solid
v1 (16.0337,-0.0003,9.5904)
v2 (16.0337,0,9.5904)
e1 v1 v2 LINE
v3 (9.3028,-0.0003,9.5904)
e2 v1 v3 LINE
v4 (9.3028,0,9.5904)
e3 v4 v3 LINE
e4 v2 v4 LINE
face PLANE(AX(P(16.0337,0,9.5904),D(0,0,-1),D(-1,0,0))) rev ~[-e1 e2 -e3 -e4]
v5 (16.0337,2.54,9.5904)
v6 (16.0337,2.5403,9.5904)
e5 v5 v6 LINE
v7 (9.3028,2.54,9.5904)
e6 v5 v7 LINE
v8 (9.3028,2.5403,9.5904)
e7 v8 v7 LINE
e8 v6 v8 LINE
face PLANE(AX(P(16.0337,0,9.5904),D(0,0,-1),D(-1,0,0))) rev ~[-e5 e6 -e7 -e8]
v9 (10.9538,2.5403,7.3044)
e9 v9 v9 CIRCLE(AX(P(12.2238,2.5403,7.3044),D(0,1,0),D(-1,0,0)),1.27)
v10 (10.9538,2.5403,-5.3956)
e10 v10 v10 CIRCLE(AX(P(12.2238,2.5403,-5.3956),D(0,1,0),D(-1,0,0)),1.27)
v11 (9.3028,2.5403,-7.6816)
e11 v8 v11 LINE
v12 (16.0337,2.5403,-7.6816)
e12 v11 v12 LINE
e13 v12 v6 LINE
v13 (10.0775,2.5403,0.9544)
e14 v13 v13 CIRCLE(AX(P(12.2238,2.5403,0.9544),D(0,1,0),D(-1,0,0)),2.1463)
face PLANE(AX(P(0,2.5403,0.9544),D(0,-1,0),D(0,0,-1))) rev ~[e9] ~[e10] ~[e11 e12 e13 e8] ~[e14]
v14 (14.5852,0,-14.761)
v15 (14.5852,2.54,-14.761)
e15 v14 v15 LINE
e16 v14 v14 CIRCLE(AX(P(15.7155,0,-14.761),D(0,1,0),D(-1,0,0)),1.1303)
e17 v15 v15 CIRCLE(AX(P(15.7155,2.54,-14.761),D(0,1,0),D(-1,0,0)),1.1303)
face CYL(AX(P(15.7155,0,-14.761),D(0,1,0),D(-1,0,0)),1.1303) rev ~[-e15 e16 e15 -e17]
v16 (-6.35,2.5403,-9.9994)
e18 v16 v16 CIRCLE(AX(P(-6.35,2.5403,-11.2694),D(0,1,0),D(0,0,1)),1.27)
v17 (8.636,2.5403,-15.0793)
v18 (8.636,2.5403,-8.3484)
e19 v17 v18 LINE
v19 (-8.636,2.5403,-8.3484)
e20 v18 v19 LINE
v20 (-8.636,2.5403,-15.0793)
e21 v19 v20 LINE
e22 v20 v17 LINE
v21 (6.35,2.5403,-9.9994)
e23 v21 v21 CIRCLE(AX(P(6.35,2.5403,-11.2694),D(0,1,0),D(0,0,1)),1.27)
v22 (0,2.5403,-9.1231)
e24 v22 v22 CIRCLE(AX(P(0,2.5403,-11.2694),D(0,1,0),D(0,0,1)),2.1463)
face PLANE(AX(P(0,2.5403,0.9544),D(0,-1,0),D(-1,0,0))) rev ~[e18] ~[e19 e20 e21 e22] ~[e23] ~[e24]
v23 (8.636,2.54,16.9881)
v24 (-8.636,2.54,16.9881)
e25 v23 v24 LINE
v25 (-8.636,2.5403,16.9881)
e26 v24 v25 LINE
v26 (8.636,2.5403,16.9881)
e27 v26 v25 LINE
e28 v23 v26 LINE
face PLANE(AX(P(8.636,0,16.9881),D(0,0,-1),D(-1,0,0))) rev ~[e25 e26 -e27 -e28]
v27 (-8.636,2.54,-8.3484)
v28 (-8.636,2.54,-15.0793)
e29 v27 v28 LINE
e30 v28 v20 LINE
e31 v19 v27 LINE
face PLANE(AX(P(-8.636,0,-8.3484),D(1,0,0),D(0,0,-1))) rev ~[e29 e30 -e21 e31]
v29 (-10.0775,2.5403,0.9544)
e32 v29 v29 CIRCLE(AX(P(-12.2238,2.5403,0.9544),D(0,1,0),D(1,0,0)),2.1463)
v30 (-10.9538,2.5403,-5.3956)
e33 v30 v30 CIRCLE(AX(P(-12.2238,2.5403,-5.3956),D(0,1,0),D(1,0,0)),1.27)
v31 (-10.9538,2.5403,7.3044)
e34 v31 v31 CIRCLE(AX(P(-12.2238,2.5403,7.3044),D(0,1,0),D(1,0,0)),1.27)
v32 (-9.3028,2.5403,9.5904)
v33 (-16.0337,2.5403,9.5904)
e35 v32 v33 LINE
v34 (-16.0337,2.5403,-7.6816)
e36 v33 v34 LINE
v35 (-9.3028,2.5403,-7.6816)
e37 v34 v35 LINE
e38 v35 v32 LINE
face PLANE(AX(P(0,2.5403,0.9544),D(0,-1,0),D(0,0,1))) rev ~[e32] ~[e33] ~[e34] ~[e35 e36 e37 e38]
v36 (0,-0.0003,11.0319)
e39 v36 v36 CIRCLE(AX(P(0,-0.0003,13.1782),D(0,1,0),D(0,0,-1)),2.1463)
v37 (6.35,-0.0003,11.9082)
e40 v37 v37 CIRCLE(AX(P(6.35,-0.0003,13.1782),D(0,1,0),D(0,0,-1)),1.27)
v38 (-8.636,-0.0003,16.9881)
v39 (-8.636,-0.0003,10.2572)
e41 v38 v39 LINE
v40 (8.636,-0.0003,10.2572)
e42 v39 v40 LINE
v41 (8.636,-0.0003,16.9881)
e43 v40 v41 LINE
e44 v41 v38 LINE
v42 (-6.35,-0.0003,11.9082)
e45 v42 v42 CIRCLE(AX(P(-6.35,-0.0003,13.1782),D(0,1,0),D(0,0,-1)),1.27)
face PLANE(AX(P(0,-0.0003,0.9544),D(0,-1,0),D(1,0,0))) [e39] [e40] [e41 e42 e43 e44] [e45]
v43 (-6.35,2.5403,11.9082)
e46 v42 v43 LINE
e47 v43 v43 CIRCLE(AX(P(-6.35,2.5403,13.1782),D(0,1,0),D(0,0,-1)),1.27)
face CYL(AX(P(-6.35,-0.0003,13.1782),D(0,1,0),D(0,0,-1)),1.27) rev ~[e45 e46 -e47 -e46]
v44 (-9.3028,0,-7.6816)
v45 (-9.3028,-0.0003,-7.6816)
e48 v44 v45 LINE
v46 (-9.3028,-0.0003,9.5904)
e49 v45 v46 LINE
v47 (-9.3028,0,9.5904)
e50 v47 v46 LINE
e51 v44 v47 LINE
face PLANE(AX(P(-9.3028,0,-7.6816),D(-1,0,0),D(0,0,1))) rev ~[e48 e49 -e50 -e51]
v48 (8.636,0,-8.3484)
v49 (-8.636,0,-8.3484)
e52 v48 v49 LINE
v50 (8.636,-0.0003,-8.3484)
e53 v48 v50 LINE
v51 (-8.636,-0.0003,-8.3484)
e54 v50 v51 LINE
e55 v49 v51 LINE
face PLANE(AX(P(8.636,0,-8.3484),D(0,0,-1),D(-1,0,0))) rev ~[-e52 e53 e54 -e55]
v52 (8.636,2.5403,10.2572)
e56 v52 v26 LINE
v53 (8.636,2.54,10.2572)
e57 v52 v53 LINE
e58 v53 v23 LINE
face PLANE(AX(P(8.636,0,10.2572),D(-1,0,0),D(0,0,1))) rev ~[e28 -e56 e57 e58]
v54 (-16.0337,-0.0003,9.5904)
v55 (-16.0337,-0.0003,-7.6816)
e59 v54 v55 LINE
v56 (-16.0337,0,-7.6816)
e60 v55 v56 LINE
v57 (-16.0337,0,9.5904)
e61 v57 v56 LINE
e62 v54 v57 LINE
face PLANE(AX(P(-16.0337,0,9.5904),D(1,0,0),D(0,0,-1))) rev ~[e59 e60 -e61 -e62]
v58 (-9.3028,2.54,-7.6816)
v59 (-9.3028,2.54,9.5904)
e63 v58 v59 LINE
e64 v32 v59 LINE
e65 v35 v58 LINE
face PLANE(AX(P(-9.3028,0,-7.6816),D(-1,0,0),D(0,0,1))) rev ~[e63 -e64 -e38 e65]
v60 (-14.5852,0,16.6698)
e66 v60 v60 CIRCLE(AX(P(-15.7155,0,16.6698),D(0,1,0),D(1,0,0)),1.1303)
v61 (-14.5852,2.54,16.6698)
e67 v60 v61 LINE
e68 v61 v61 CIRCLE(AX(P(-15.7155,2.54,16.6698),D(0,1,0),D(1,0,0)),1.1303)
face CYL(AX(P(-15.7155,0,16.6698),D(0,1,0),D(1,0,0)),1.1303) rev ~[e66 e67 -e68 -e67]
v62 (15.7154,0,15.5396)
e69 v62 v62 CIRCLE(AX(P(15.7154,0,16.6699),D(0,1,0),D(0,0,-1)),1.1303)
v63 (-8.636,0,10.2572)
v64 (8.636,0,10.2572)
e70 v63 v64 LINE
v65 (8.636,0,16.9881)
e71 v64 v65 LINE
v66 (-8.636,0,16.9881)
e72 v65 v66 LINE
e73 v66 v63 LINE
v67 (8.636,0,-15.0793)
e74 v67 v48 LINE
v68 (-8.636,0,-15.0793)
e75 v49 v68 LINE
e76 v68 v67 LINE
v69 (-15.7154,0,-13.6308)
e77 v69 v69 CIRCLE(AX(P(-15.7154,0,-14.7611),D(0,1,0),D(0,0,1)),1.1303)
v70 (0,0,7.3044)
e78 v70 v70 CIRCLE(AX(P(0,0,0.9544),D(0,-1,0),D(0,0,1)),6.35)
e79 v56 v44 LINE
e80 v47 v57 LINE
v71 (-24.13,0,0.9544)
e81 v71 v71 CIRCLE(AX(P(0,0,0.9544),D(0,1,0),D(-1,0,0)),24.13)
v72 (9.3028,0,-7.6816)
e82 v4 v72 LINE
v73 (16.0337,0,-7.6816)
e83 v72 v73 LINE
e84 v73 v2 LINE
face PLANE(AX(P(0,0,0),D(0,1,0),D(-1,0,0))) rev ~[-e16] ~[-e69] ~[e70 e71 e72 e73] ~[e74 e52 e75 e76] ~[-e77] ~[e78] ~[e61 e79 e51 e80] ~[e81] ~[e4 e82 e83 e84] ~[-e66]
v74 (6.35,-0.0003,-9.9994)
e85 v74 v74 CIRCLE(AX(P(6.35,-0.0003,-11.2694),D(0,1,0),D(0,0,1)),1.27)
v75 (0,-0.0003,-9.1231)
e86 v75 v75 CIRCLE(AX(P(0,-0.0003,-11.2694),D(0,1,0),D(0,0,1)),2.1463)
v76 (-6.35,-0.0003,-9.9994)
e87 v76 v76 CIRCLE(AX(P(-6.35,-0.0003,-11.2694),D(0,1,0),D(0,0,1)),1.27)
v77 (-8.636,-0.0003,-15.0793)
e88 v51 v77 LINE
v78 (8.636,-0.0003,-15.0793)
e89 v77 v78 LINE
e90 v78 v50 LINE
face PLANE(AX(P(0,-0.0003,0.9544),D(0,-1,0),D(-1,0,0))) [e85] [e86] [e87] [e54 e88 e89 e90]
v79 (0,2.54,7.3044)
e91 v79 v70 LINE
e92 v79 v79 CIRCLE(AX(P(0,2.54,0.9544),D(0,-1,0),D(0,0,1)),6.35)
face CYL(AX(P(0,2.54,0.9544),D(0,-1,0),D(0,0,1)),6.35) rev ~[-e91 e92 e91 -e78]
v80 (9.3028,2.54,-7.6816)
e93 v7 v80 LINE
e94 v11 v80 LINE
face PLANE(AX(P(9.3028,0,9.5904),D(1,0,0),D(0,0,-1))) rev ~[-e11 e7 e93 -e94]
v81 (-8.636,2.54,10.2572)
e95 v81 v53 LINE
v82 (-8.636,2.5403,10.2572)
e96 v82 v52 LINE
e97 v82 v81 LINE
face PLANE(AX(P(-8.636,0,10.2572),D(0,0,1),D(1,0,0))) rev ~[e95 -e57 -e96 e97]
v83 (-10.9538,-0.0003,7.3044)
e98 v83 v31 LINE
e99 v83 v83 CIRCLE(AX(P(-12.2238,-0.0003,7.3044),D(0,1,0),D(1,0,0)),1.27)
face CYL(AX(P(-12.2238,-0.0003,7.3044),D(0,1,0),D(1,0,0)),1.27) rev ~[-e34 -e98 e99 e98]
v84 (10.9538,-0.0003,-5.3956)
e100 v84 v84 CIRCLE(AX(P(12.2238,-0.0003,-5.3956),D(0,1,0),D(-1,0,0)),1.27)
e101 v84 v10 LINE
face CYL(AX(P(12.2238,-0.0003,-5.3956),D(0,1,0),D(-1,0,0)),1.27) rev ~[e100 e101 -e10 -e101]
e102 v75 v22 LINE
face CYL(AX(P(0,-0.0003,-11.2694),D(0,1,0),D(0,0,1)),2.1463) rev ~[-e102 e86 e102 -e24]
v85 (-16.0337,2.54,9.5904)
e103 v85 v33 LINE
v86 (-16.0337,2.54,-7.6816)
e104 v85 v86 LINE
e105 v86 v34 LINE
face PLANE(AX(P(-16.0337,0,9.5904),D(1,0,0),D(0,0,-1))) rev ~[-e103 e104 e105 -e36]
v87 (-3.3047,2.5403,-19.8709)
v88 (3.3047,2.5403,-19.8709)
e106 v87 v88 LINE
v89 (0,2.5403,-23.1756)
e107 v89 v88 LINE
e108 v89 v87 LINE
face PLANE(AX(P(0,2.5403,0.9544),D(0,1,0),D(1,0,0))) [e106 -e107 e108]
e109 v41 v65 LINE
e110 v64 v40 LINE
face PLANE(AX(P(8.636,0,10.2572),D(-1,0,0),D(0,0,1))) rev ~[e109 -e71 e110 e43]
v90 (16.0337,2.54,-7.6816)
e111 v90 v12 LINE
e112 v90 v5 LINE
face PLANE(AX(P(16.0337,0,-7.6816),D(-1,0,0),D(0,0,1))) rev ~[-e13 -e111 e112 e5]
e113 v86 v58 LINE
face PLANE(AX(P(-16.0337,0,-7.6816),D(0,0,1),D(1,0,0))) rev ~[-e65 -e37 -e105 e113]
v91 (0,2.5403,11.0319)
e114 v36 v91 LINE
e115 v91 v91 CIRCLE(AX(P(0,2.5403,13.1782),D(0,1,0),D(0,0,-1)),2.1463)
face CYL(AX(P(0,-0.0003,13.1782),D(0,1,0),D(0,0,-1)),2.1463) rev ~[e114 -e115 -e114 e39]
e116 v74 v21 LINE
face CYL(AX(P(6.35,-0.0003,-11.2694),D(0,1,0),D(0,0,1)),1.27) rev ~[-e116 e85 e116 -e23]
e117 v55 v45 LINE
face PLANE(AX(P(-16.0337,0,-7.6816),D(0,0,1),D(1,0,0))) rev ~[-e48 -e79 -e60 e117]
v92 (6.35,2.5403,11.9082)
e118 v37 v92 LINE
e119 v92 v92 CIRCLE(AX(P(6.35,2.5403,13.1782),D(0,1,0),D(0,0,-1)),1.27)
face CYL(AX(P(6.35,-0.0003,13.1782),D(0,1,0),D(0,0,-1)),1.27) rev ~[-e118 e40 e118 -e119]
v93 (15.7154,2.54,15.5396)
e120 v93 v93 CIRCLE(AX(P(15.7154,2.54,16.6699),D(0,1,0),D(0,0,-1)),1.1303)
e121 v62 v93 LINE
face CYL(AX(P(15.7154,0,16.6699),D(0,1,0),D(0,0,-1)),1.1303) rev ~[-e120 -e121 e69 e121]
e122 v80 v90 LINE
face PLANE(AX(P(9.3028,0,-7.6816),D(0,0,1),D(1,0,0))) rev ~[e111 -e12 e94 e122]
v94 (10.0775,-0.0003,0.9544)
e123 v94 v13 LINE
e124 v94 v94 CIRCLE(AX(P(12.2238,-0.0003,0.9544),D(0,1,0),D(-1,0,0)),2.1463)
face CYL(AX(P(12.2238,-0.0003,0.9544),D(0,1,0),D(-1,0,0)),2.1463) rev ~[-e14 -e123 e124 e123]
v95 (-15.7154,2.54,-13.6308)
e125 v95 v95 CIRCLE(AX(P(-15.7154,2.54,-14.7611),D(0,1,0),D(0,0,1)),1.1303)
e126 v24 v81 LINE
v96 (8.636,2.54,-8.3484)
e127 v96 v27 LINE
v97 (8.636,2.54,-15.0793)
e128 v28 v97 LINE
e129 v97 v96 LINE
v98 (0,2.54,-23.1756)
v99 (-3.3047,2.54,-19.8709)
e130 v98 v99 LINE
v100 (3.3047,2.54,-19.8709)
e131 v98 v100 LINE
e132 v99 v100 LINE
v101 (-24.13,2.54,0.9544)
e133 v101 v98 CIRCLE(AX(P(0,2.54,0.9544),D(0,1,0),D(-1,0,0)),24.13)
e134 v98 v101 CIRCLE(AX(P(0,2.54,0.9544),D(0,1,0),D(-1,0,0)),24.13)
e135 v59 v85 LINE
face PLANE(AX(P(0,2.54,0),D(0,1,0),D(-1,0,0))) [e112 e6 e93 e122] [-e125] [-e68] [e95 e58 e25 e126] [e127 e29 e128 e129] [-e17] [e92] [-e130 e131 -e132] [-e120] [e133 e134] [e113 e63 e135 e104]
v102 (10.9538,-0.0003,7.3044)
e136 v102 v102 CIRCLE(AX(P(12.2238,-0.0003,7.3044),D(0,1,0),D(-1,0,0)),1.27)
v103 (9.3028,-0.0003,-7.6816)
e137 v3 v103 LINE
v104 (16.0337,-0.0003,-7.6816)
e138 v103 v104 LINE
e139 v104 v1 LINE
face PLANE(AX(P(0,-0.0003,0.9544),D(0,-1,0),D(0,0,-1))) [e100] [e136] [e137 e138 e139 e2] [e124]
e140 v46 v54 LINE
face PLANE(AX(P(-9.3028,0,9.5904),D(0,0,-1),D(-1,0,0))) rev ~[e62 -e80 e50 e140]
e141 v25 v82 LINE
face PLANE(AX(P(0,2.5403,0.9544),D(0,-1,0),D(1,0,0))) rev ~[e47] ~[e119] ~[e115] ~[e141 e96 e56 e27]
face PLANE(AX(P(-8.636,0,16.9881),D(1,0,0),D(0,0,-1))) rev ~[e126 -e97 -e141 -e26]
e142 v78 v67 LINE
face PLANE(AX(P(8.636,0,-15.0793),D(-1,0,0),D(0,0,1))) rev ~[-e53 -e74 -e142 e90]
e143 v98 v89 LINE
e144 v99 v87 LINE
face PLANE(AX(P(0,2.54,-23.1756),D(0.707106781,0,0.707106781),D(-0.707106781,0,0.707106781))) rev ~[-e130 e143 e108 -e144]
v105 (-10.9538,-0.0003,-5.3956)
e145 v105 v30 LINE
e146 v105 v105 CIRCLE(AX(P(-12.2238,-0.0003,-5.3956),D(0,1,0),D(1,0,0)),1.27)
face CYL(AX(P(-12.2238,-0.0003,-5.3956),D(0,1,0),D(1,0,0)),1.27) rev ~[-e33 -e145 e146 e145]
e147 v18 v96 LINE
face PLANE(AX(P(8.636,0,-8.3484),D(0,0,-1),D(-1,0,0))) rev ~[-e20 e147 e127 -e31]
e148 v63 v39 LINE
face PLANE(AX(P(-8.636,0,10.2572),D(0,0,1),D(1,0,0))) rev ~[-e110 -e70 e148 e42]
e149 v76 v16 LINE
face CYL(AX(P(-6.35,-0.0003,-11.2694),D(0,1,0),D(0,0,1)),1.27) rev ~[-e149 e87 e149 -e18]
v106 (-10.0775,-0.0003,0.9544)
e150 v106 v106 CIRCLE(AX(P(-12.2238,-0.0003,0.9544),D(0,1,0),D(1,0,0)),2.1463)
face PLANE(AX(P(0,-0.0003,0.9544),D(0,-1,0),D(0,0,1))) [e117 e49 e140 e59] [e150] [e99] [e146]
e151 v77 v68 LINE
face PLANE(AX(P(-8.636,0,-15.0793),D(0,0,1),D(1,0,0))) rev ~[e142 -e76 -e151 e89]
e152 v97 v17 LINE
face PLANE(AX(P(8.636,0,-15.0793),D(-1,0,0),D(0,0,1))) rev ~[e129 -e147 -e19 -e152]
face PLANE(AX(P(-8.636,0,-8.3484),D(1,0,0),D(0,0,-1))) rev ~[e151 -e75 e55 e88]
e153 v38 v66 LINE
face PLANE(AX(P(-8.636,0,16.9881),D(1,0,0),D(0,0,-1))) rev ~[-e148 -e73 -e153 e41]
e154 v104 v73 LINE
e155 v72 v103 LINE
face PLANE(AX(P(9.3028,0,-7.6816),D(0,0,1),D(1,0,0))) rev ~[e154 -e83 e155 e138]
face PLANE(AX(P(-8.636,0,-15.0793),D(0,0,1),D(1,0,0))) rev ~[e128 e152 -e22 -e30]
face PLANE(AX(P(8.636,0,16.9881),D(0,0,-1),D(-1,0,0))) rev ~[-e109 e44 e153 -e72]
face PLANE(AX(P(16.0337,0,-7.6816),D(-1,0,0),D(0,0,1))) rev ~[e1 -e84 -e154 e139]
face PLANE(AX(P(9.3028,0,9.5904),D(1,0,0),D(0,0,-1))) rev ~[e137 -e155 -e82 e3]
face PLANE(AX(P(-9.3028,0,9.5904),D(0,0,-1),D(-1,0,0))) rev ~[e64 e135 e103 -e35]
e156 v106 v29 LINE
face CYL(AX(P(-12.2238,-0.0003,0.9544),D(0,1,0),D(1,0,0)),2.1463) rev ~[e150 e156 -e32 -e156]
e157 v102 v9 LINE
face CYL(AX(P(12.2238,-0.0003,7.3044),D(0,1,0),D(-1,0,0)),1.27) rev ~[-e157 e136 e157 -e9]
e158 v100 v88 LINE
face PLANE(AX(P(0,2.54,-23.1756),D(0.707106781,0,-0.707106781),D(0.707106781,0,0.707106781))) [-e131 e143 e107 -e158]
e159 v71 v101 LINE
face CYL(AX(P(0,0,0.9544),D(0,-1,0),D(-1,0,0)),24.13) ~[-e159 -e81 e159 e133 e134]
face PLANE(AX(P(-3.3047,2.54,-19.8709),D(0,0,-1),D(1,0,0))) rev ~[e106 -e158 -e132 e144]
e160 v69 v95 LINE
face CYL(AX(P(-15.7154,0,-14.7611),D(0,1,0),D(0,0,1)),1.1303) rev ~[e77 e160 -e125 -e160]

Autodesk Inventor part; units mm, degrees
ref_plane "YZ Plane" through (0, 0, 0) normal (1, 0, 0) x (0, 1, 0)
ref_plane "XZ Plane" through (0, 0, 0) normal (0, 1, 0) x (-1, 0, 0)
ref_plane "XY Plane" through (0, 0, 0) normal (0, 0, 1) x (1, 0, 0)
sketch "Sketch1" plane through (0, 0, 0) normal (0, 1, 0) x (-1, 0, 0)
  circle A0 centre (0, 0.9544) radius 24.13
  point P0 (0, 0)
  dimension "d0" = 48.26
extrude "Extrusion1" add sketch "Sketch1" along normal blind 2.54
sketch "Sketch2" plane through (0, 0, 0.9544) normal (0, -1, 0) x (1, 0, 0)
  circle A0 centre (0, 0) radius 24.13 projected
  line L0 (-8.636, 9.3028) -> (8.636, 9.3028)
  line L1 (8.636, 9.3028) -> (8.636, 16.0337)
  line L2 (8.636, 16.0337) -> (-8.636, 16.0337)
  line L3 (-8.636, 16.0337) -> (-8.636, 9.3028)
  line L4 (0, 0) -> (0, 9.3028) construction
  line L5 (0, 9.3028) -> (0, 16.0337) construction
  dimension "d9" = 17.272
  dimension "d10" = 6.731
  dimension "d11" = 9.3027
extrude "Extrusion2" add sketch "Sketch2" along normal blind 0.0003 and the other way blind 2.5403 contours L3 L2 L1 L0
pattern_circular "Circular Pattern1" count 4 over 360 about axis through (0, 0, 0.9544) along (0, 1, 0) of "Extrusion2"
sketch "Sketch3" plane through (0, 0, 0.9544) normal (0, -1, 0) x (1, 0, 0)
  line L0 (8.636, 9.3027) -> (-8.636, 9.3027) projected
  circle A0 centre (0, 0) radius 24.13 projected
  line L1 (0, 0) -> (15.7154, 15.7154) construction
  line L2 (0, 0) -> (6.7376, 0) construction
  circle A1 centre (15.7154, 15.7154) radius 1.1303
  dimension "d22" = 22.225
  dimension "d23" = 45
  dimension "d24" = 2.2606
hole "Hole1" at (15.7154, 0, 16.6699) direction (0, 1, 0) diameter 2.2606 depth 25.4 tip angle 118
pattern_circular "Circular Pattern2" count 4 over 360 about axis through (0, 0, 0.9544) along (0, 1, 0) of "Hole1"
sketch "Sketch4" plane through (0, -0.0003, 0.9544) normal (0, -1, 0) x (1, 0, 0)
  line L0 (-8.636, 9.3027) -> (8.636, 9.3027) projected
  circle A0 centre (0, 12.2237) radius 1.7579
  point P0 (0, -0.9544)
  dimension "d35" = 2.921
hole "Hole2" at (0, -0.0003, 13.1782) direction (0, 1, 0) diameter 4.2926 depth 25.4 tip angle 118
sketch "Sketch5" plane through (0, -0.0003, 0.9544) normal (0, -1, 0) x (1, 0, 0)
  circle A0 centre (0, 12.2237) radius 2.1463 projected
  line L0 (8.636, 16.0337) -> (-8.636, 16.0337) projected
  circle A1 centre (-6.35, 12.2237) radius 1.1799
  line L1 (0, 12.2237) -> (0, 16.0337) construction
  circle A2 centre (6.35, 12.2237) radius 1.1799
  point P0 (0, -0.9544)
  dimension "d60" = 6.35
hole "Hole3" at (-6.35, -0.0003, 13.1782) at (6.35, -0.0003, 13.1782) direction (0, 1, 0) diameter 2.54 depth 25.4 tip angle 118
pattern_circular "Circular Pattern3" count 4 over 360 about axis through (0, 0, 0.9544) along (0, 1, 0) of "Hole3", "Hole2"
sketch "Sketch6" plane through (0, 2.54, 0.9544) normal (0, 1, 0) x (1, 0, 0)
  line L0 (8.636, -16.0337) -> (-8.636, -16.0337) projected
  circle A0 centre (0, 0) radius 24.13 projected
  line L1 (0, 24.13) -> (0, 20.828) construction
  line L2 (0, 24.13) -> (3.3047, 20.8253)
  line L3 (0, 24.13) -> (4.6736, 24.13) construction
  line L4 (0, 24.13) -> (-3.3047, 20.8253)
  line L5 (-3.3047, 20.8253) -> (3.3047, 20.8253)
  point P0 (0, 0.9544)
  dimension "d55" = 3.302
  dimension "d56" = 4.6736
  dimension "d57" = 45
extrude "Extrusion3" add sketch "Sketch6" along normal blind 0.0003 contours L2 L5 L4
sketch "Sketch7" plane through (0, 2.54, 0) normal (0, 1, 0) x (1, 0, 0)
  circle A0 centre (0, -0.9544) radius 24.13 projected
  circle A1 centre (0, -0.9544) radius 6.35
  point P0 (0, 0)
  dimension "d61" = 12.7
hole "Hole4" at (0, 2.54, 0.9544) direction (0, -1, 0) diameter 12.7 depth 25.4 tip angle 118
sketch "Sketch8" plane through (9.3027, -0.0003, -7.6816) normal (0, -1, 0) x (1, 0, 0)
  circle A0 centre (2.921, 8.636) radius 2.1463 projected
sketch "Sketch9" plane through (-16.0337, -0.0003, 9.5904) normal (0, -1, 0) x (1, 0, 0)
  circle A0 centre (3.81, -8.636) radius 2.1463 projected
sketch "Sketch10" plane through (0, -0.0003, 0.9544) normal (0, -1, 0) x (1, 0, 0)
  circle A0 centre (0, 12.2237) radius 2.1463 projected
sketch "Sketch11" plane through (-8.636, -0.0003, -8.3483) normal (0, -1, 0) x (1, 0, 0)
  circle A0 centre (8.636, -2.921) radius 2.1463 projected
properties part number "matingBoard"
